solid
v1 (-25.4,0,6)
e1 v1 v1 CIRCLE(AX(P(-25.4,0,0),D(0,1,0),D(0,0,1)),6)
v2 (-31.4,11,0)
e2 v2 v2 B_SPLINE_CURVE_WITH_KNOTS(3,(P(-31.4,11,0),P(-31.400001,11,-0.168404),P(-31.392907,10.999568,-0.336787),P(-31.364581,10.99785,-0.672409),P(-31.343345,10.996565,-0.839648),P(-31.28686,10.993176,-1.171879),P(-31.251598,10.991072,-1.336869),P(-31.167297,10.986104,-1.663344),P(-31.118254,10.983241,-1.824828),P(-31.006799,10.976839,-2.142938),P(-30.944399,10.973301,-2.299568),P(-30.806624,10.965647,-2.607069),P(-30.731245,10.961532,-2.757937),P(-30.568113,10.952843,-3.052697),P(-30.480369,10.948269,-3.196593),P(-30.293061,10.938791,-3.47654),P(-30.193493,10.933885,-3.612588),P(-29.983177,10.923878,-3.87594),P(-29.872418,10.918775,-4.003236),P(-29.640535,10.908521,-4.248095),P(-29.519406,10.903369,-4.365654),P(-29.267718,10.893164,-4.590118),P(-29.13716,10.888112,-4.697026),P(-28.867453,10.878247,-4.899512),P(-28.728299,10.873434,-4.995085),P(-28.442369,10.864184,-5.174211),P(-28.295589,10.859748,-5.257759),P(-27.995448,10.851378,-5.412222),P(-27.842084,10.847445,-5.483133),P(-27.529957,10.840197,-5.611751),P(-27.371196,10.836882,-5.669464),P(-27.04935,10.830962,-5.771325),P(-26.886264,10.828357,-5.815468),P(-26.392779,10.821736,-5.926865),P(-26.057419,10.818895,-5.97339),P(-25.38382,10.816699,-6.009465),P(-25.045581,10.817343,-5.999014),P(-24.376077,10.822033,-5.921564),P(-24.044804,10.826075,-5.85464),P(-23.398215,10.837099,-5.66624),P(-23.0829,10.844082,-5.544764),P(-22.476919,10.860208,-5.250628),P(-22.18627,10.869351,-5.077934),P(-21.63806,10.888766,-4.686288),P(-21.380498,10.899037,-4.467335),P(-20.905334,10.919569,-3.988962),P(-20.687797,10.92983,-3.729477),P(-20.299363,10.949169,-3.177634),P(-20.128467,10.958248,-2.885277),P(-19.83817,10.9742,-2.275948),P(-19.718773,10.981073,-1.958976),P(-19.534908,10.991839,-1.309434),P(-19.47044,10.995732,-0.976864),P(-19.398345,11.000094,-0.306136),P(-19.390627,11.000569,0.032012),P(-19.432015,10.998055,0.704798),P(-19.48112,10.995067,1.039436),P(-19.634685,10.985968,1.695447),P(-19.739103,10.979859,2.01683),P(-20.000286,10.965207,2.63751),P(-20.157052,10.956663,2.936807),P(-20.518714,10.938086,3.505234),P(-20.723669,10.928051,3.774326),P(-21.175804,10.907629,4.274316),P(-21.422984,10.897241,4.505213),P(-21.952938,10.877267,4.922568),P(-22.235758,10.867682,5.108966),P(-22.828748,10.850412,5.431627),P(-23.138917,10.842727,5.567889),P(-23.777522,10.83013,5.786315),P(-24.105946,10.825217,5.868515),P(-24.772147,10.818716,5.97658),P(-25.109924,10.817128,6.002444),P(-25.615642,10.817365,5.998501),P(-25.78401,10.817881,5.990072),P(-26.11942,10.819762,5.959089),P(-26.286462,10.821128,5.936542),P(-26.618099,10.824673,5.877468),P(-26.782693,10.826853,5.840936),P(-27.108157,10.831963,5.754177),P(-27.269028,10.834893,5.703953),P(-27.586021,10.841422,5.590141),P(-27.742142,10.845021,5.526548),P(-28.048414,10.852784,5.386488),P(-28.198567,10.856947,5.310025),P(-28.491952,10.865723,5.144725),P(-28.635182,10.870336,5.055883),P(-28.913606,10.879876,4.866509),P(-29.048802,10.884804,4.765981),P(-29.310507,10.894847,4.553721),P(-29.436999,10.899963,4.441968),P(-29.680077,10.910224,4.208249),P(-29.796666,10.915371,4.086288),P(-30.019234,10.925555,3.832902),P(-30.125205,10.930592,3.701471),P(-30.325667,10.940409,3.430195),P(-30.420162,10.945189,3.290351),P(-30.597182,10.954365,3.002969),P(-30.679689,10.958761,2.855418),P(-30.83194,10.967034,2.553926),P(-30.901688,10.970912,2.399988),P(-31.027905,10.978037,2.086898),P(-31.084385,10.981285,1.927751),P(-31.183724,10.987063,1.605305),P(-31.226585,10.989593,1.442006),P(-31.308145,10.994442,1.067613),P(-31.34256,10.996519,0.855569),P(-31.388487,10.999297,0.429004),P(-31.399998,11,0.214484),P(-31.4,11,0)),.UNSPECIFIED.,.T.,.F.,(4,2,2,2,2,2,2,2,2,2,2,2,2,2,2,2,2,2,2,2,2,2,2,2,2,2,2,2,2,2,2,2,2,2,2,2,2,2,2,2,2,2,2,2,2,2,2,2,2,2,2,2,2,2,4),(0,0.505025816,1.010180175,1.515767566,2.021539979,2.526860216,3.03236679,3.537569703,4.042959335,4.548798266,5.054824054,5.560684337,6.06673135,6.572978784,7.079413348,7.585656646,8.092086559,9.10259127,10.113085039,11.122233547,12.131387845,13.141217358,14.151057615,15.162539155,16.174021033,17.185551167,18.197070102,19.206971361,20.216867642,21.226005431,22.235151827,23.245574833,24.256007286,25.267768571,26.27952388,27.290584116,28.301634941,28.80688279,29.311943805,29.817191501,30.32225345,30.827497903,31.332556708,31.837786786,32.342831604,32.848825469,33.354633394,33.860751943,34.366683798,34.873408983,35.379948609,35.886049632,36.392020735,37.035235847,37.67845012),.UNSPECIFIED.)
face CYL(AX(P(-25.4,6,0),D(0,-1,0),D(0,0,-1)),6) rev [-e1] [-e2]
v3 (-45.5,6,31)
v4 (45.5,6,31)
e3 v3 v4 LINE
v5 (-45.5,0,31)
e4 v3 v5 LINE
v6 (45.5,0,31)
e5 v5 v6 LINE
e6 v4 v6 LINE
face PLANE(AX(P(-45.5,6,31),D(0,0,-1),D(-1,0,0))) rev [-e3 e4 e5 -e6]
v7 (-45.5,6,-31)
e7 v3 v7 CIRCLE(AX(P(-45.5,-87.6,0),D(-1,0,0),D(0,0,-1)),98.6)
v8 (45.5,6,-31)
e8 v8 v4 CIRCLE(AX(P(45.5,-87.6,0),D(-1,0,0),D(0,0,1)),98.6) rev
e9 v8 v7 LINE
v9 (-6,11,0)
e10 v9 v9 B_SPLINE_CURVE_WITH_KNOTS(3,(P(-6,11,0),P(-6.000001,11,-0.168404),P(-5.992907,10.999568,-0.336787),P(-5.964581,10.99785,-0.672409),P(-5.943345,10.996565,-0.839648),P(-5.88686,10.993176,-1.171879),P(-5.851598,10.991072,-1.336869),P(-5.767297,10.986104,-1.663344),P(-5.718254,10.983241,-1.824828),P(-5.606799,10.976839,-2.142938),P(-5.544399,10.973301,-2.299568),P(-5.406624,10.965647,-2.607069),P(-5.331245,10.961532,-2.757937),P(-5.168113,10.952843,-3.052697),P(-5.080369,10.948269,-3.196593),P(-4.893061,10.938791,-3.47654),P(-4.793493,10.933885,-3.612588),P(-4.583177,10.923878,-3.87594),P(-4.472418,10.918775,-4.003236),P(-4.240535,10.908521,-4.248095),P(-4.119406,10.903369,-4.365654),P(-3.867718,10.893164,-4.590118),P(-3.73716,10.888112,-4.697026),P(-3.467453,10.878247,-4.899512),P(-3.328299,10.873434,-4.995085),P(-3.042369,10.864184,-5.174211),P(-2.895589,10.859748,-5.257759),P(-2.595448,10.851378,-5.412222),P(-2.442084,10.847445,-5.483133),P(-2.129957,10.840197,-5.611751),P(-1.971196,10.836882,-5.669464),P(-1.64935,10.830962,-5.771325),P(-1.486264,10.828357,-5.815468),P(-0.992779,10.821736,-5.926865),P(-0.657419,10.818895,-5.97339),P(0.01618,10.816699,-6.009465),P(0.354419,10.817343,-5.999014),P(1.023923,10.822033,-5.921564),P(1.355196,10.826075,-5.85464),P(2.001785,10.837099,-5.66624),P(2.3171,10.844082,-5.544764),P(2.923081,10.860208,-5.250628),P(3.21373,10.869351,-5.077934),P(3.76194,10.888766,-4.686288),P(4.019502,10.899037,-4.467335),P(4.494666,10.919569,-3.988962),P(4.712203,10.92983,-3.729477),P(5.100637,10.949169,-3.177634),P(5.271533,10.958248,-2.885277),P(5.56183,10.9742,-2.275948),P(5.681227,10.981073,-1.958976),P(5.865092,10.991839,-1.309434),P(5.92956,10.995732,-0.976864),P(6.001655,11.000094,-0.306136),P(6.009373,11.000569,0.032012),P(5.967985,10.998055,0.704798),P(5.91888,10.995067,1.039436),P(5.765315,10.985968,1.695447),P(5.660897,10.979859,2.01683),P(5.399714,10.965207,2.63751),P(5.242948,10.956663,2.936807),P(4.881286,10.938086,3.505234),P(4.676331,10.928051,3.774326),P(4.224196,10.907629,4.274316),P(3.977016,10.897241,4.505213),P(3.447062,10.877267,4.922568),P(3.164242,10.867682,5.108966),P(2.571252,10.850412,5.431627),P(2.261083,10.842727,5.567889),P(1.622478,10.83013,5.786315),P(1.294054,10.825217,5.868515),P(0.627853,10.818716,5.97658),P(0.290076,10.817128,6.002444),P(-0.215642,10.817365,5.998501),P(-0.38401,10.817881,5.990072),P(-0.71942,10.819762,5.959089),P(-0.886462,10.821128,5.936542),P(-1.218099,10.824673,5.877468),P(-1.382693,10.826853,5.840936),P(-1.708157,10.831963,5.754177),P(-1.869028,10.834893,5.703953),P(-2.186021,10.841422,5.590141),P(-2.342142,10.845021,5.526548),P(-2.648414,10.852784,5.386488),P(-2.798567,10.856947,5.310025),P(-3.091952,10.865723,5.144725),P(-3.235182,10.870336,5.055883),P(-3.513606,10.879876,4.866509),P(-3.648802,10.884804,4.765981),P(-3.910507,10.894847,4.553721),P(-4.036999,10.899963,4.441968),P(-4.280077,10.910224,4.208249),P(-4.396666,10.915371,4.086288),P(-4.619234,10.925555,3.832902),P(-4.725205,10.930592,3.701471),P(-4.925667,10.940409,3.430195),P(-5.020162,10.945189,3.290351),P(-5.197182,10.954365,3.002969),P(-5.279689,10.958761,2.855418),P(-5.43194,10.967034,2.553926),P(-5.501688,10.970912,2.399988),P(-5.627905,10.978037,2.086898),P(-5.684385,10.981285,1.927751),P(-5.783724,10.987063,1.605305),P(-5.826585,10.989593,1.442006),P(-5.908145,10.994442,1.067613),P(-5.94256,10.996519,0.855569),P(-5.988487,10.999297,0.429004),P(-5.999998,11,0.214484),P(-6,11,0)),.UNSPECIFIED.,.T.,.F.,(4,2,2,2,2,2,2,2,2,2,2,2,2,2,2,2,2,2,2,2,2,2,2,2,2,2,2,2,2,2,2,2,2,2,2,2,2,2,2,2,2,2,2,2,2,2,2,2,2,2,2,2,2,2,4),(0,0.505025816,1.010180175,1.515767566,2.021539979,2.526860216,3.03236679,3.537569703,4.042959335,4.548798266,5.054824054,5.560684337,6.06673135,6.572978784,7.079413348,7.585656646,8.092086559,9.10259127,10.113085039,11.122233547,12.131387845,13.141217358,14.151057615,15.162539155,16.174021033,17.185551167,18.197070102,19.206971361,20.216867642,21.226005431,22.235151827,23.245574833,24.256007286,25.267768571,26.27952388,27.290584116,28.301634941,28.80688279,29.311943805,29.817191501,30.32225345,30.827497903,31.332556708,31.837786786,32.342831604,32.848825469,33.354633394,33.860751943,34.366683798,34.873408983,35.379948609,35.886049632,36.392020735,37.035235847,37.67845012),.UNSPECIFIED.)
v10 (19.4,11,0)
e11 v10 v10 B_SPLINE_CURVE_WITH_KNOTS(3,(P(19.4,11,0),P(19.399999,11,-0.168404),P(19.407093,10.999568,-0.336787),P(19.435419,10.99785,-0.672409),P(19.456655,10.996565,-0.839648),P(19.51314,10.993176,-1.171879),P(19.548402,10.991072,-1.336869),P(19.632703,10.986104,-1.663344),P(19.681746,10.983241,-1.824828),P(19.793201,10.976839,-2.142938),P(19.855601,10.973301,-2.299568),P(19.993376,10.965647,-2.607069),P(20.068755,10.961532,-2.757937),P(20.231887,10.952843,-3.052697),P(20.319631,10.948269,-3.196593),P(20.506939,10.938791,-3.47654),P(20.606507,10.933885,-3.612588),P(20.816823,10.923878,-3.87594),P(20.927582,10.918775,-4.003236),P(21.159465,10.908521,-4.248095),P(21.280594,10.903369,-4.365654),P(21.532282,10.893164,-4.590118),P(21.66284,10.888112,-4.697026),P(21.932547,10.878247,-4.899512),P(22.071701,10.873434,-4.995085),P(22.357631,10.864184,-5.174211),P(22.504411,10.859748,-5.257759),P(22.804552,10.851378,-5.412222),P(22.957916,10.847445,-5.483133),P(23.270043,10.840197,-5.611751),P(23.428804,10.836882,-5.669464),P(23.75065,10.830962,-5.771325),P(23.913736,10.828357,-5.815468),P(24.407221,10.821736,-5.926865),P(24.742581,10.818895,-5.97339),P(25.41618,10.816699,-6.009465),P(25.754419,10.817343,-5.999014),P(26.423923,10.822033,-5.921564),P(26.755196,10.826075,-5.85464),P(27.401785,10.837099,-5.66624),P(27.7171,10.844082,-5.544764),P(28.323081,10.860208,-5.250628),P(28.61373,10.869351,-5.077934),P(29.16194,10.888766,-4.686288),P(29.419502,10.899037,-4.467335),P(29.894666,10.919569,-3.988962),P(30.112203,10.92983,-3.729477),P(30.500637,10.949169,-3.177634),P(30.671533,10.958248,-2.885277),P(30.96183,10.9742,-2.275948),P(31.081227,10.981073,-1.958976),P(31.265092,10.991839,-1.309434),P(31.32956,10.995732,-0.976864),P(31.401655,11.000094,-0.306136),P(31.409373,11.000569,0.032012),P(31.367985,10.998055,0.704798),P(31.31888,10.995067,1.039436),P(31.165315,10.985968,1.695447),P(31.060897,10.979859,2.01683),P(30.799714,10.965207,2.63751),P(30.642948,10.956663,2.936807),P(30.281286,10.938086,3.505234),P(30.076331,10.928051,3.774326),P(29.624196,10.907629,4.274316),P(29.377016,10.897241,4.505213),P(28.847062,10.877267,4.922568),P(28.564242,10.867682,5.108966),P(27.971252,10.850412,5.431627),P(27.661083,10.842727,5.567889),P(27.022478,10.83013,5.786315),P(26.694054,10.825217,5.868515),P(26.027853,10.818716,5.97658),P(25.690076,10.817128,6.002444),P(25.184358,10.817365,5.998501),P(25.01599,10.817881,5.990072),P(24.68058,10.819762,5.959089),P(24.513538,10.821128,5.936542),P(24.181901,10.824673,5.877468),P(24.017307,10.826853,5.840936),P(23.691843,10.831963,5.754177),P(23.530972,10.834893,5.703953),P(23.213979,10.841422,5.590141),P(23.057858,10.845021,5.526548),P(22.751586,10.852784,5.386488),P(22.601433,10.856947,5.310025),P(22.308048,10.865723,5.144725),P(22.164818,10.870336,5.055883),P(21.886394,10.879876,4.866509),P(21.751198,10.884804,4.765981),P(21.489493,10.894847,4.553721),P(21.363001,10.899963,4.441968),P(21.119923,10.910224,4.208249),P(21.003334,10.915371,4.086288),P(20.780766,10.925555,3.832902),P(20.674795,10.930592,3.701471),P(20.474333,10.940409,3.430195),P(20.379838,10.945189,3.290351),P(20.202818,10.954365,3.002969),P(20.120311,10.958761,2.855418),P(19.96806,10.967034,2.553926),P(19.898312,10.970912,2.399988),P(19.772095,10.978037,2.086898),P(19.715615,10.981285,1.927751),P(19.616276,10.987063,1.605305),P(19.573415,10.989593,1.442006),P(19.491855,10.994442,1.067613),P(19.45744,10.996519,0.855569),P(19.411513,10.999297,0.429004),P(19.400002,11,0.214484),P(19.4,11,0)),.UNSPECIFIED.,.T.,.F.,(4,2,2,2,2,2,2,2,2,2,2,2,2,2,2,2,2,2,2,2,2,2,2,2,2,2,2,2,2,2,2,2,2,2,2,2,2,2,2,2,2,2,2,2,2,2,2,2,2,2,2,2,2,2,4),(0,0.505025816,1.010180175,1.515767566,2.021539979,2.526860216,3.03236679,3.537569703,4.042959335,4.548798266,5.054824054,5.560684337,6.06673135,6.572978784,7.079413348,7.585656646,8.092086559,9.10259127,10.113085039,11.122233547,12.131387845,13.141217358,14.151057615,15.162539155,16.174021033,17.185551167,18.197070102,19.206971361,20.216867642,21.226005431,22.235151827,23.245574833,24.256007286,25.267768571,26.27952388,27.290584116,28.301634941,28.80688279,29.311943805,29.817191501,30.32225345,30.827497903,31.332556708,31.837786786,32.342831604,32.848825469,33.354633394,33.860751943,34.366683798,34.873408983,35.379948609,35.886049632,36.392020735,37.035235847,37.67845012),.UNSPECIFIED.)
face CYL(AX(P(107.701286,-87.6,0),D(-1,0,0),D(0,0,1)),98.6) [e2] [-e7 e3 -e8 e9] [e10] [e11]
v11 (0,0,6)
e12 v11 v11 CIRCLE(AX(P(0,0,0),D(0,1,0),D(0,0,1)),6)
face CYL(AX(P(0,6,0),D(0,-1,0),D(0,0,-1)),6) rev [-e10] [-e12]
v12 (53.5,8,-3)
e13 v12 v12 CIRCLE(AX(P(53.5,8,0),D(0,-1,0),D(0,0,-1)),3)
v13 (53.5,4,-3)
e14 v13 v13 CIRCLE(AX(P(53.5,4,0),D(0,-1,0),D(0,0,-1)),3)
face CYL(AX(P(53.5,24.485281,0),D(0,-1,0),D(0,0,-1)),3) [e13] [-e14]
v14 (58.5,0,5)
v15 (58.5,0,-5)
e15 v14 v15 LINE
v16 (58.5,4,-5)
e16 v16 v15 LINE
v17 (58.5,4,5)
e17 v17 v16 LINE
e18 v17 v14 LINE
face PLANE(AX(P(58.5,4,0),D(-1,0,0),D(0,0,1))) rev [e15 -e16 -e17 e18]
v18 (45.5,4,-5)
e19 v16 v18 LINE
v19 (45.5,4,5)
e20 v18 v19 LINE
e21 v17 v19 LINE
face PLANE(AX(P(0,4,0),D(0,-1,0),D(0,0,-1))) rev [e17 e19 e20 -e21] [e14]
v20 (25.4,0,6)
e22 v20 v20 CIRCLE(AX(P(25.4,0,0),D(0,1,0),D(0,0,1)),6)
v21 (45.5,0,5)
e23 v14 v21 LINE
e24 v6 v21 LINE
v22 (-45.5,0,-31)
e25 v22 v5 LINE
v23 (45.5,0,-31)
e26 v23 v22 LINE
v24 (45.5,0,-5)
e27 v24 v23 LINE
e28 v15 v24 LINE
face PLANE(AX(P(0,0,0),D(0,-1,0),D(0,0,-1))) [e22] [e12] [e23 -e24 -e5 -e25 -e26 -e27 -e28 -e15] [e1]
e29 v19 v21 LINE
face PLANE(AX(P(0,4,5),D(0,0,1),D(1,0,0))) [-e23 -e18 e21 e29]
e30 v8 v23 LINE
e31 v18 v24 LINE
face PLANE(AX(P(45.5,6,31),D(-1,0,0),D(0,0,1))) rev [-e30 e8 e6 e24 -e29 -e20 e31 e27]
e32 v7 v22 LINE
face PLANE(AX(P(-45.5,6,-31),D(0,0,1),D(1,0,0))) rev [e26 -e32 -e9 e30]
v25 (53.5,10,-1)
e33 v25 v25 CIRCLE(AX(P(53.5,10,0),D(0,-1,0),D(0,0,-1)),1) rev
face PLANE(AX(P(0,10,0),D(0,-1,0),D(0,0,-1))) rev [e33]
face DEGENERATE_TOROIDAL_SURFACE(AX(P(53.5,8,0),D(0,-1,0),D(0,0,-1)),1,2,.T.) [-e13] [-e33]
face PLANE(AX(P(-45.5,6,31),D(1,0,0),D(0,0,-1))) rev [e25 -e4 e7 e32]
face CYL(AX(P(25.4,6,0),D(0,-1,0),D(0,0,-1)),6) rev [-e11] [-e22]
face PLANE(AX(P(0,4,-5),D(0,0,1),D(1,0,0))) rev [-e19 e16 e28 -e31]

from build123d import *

# Parameters (mm, degrees)
SKETCH1_W           = 91
SKETCH1_H           = 62
SKETCH1_R           = 6
BOSS_EXTRUDE1_DEPTH = 6
SKETCH16_W          = 3
SKETCH16_H          = 10
SKETCH16_W_2        = 10
SKETCH16_R          = 3
BOSS_EXTRUDE3_DEPTH = 4
SKETCH16_4_R        = 3
BOSS_EXTRUDE4_DEPTH = 10
FILLET1_R           = 2
BOSS_EXTRUDE5_DEPTH = 91
SKETCH1_2_R         = 6
CUT_EXTRUDE1_DEPTH  = 12


with BuildPart() as part:
    # Sketch1 → Boss-Extrude1 (new body)
    with BuildSketch(Plane(origin=(0, 0, 0), x_dir=(1, 0, 0), z_dir=(0, 1, 0))):
        Rectangle(SKETCH1_W, SKETCH1_H)
        with Locations((-25.4, 0)):
            Circle(SKETCH1_R, mode=Mode.SUBTRACT)
        Circle(SKETCH1_R, mode=Mode.SUBTRACT)
        with Locations((25.4, 0)):
            Circle(SKETCH1_R, mode=Mode.SUBTRACT)
    extrude(amount=BOSS_EXTRUDE1_DEPTH)

    # Sketch16 → Boss-Extrude3 (add)
    with BuildSketch(Plane.XZ):
        with Locations((47, 0)):
            Rectangle(SKETCH16_W, SKETCH16_H)
        with Locations((53.5, 0)):
            Rectangle(SKETCH16_W_2, SKETCH16_H)
        with Locations((53.5, 0)):
            Circle(SKETCH16_R, mode=Mode.SUBTRACT)
        with Locations((53.5, 0)):
            Circle(SKETCH16_R)
    extrude(amount=-BOSS_EXTRUDE3_DEPTH)

    # Sketch16<4> → Boss-Extrude4 (add)
    with BuildSketch(Plane.XZ):
        with Locations((53.5, 0)):
            Circle(SKETCH16_4_R)
    extrude(amount=-BOSS_EXTRUDE4_DEPTH)

    # Fillet1
    fillet1_edges = [part.edges().sort_by_distance(p)[0] for p in [
        (50.5, 10, 0),
    ]]
    fillet(fillet1_edges, radius=FILLET1_R)

    # Sketch17 → Boss-Extrude5 (add)
    with BuildSketch(Plane.ZY.offset(45.5)):
        with BuildLine():
            Line((-31, 6), (31, 6))
            ThreePointArc((31, 6), (0, 11), (-31, 6))
        make_face()
    extrude(amount=-BOSS_EXTRUDE5_DEPTH)

    # Sketch1<2> → Cut-Extrude1 (cut, through all)
    with BuildSketch(Plane(origin=(0, 0, 0), x_dir=(1, 0, 0), z_dir=(0, 1, 0))):
        with Locations((-25.4, 0)):
            Circle(SKETCH1_2_R)
        Circle(SKETCH1_2_R)
        with Locations((25.4, 0)):
            Circle(SKETCH1_2_R)
    extrude(amount=CUT_EXTRUDE1_DEPTH, mode=Mode.SUBTRACT)


solid = part.part
